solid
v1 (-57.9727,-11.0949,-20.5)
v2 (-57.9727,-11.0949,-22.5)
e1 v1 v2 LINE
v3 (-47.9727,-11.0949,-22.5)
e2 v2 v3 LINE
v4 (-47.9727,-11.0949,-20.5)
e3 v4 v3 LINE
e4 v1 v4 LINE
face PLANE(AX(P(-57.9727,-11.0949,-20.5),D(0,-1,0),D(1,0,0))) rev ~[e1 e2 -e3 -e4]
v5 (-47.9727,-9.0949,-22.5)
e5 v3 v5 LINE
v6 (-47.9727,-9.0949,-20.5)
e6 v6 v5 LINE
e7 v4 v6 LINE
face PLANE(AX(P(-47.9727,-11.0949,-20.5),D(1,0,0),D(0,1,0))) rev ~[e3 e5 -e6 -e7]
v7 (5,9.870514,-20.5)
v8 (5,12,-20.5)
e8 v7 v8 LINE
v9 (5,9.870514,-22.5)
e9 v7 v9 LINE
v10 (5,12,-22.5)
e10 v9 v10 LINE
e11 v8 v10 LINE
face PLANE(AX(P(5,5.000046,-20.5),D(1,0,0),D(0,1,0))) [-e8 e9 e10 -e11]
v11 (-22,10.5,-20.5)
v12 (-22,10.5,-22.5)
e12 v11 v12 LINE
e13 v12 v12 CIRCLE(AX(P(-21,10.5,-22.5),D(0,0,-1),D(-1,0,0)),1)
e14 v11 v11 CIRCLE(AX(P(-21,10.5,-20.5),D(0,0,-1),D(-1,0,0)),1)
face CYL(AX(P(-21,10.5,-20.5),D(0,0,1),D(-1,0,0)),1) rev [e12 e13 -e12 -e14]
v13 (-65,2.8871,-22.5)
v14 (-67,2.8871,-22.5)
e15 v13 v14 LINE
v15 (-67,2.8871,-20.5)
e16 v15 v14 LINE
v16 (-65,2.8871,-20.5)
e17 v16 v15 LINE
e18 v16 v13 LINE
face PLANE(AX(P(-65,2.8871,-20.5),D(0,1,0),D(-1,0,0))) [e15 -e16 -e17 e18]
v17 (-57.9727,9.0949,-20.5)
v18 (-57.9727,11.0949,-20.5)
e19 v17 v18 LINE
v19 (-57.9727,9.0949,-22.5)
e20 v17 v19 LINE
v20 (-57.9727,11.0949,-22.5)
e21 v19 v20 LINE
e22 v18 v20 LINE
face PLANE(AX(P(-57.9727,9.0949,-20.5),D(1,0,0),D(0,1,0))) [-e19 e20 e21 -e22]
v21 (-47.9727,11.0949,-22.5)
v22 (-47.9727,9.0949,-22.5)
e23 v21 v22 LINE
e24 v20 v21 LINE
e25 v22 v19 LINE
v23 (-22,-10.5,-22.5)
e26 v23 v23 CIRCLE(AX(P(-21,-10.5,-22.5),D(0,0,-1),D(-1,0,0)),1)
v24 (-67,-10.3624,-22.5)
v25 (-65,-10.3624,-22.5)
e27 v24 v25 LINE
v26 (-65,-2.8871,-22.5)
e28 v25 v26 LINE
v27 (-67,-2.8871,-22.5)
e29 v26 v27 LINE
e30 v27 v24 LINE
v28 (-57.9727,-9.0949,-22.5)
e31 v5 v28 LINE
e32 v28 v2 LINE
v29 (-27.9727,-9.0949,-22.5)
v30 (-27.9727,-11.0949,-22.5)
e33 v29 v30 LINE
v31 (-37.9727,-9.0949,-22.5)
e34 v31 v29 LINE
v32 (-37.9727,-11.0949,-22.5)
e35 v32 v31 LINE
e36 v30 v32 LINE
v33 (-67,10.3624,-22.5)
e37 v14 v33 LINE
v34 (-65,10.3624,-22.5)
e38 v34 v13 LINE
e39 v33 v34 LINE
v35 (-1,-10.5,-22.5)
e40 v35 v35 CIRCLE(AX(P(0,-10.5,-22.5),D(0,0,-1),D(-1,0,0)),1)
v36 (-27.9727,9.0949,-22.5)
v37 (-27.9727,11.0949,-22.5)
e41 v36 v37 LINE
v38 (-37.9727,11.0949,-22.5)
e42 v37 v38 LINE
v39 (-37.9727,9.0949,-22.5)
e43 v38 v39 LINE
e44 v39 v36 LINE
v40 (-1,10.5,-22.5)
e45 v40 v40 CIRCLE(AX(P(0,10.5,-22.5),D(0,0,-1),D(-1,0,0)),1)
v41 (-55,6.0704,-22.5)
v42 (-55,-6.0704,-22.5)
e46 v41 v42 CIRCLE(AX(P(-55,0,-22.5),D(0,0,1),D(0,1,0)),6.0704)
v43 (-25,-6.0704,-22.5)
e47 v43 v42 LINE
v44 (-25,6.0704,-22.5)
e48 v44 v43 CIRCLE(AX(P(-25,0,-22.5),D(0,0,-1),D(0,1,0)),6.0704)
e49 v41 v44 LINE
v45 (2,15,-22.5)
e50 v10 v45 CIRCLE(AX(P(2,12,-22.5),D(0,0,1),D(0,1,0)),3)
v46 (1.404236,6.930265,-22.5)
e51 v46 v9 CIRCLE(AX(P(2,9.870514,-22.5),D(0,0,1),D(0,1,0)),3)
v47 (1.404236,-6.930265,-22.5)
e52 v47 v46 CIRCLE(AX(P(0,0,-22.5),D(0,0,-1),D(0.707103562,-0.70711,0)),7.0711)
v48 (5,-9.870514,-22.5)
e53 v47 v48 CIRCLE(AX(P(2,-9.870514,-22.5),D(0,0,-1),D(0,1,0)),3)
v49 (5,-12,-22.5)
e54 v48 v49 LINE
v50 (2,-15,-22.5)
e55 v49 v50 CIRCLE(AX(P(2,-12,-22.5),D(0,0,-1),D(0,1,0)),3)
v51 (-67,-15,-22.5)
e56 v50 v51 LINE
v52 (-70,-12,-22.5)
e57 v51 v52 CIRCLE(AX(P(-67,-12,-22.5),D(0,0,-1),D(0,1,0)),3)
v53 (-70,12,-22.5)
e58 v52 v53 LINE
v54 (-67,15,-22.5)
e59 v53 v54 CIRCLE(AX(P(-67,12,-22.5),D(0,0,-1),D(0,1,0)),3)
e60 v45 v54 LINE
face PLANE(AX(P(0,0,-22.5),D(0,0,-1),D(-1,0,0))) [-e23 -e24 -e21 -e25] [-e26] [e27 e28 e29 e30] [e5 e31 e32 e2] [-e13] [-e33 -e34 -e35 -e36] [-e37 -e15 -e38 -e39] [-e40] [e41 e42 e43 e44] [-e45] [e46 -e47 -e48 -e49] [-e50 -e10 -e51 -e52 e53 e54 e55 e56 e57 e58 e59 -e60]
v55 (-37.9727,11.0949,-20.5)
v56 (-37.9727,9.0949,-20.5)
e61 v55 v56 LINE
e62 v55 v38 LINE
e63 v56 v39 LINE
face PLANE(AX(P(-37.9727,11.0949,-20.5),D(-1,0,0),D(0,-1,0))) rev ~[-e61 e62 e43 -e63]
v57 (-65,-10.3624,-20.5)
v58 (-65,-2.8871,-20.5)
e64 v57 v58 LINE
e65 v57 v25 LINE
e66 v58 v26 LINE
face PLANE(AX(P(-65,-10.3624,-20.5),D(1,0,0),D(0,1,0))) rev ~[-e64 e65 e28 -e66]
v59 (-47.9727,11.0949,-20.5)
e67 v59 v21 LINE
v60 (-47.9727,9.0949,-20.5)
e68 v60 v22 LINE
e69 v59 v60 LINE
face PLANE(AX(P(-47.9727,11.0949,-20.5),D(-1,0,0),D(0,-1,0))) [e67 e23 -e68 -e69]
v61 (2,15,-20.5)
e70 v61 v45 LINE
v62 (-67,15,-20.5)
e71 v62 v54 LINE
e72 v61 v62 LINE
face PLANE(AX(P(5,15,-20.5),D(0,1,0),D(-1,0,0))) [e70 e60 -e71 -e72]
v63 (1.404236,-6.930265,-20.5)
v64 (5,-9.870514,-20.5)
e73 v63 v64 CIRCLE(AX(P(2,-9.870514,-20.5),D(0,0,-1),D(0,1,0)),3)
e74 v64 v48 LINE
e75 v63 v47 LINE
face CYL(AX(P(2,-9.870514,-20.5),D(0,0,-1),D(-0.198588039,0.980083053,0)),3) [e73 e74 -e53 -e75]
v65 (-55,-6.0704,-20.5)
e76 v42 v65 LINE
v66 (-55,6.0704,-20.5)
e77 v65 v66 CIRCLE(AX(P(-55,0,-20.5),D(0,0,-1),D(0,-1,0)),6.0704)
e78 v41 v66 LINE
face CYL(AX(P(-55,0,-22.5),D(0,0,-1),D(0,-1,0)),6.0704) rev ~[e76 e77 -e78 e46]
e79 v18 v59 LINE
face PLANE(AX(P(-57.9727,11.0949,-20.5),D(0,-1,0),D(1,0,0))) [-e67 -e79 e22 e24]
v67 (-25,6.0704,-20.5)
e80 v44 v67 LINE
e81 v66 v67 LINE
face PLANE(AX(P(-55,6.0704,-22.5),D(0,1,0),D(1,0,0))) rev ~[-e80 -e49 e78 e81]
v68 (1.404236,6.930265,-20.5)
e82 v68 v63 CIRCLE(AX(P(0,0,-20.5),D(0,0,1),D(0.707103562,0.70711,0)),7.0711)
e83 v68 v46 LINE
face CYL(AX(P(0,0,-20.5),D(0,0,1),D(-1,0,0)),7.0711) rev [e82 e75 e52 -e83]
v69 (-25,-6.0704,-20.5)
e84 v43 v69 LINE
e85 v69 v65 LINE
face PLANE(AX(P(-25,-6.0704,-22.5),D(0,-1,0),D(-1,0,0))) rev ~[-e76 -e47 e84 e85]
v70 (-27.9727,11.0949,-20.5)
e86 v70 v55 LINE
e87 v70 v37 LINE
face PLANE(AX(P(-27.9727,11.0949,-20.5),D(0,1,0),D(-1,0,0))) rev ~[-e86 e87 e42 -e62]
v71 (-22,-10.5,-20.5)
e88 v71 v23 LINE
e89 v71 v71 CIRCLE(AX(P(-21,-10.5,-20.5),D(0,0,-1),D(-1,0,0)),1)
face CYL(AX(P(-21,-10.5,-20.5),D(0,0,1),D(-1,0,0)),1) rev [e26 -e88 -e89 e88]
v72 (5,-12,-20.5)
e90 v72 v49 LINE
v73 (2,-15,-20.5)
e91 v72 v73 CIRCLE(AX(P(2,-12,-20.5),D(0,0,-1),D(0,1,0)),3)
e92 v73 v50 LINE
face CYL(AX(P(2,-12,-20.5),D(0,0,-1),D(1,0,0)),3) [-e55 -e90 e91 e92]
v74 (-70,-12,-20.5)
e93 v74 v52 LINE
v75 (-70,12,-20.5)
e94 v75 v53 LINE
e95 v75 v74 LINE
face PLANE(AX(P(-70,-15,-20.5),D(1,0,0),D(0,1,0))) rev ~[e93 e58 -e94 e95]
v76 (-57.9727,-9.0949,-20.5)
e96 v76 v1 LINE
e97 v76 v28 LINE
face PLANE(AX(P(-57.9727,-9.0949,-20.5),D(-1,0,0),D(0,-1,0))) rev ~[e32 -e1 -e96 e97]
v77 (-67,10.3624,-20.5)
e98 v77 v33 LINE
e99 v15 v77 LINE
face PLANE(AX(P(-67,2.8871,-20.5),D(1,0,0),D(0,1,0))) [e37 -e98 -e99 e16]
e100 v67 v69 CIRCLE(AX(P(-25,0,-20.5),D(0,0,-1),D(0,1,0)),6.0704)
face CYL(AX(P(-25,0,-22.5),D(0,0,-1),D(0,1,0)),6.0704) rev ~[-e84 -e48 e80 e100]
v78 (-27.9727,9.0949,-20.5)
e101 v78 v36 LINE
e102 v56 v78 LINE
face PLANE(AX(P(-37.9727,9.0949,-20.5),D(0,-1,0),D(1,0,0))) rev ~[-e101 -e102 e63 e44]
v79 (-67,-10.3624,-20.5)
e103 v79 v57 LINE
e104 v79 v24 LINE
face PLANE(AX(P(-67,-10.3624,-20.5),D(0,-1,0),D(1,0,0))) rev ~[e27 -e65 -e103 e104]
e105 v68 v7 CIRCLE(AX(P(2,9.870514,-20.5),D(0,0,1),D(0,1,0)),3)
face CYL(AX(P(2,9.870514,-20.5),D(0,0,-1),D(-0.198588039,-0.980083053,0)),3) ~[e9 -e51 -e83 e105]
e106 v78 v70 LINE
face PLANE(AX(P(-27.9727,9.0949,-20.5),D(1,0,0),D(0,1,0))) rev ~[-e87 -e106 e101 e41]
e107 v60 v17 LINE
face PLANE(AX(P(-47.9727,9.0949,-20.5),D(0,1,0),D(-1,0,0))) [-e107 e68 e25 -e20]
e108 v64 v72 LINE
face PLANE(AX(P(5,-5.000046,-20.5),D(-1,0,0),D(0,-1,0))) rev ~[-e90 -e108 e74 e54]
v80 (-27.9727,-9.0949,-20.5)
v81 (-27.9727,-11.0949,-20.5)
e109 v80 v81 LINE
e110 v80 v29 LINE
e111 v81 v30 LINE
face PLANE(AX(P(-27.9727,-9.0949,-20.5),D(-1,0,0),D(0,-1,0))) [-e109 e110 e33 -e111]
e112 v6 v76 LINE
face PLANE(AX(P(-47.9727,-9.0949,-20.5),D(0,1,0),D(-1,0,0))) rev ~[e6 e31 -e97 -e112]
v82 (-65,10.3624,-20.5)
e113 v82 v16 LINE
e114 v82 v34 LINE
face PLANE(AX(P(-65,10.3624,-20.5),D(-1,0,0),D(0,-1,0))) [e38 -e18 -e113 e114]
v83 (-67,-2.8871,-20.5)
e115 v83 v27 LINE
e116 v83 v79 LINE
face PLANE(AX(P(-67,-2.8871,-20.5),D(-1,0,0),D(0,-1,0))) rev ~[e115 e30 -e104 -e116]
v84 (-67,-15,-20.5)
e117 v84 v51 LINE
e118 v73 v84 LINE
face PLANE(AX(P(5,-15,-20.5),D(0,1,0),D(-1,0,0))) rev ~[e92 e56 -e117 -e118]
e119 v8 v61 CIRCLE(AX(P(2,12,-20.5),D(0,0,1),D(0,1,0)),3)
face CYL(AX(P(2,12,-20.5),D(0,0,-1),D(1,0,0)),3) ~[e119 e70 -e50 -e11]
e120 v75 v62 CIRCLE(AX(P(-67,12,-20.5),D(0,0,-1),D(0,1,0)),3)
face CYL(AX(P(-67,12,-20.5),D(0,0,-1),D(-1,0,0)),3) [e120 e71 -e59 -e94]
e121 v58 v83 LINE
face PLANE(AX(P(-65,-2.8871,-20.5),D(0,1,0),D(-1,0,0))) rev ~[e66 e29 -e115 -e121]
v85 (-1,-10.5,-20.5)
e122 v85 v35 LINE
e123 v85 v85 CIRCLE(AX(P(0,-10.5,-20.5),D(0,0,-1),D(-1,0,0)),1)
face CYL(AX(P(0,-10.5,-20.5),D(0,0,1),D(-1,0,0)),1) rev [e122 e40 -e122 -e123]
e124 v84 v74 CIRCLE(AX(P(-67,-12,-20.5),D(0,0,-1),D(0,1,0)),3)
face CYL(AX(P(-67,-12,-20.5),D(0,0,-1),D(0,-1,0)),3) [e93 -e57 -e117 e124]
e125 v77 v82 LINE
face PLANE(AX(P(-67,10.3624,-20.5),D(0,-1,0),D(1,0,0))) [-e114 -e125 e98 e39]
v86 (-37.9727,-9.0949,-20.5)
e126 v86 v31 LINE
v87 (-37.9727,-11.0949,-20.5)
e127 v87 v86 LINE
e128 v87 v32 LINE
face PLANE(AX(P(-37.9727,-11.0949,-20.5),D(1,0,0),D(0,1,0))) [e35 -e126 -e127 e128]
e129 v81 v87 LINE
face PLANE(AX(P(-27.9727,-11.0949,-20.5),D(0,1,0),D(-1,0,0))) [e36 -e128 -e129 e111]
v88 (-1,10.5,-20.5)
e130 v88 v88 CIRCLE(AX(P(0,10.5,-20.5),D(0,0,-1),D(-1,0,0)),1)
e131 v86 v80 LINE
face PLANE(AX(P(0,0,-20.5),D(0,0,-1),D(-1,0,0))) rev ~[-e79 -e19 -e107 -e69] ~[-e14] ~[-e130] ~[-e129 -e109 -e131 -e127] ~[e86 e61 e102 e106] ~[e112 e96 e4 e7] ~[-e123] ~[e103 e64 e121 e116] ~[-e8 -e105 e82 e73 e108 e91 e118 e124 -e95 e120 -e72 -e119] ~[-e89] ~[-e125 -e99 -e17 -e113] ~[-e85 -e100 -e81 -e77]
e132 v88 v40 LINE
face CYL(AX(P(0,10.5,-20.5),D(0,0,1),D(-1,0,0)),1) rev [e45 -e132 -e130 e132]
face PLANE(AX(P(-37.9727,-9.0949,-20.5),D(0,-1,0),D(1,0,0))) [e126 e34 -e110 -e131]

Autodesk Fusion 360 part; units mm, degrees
sketch "Sketch1" plane through (0, 0, -20.5) normal (0, 0, -1) x (-1, 0, 0)
  line L0 (-5, 0) -> (-5, -15)
  line L1 (-5, -15) -> (70, -15)
  line L2 (70, -15) -> (70, 0)
  circle A0 centre (0, -10.5) radius 1
  circle A1 centre (21, -10.5) radius 1
  circle A2 centre (0, 0) radius 7.0711
  line L3 (67, -10.3624) -> (65, -10.3624)
  line L4 (65, -10.3624) -> (65, -2.8871)
  line L5 (65, -2.8871) -> (67, -2.8871)
  line L6 (67, -2.8871) -> (67, -10.3624)
  line L7 (100, 0) -> (42, 0) construction
  line L8 (-5, 15) -> (70, 15)
  line L9 (70, 15) -> (70, 0)
  line L10 (67, 10.3624) -> (65, 10.3624)
  line L11 (67, 2.8871) -> (67, 10.3624)
  line L12 (65, 10.3624) -> (65, 2.8871)
  line L13 (65, 2.8871) -> (67, 2.8871)
  circle A3 centre (21, 10.5) radius 1
  circle A4 centre (0, 10.5) radius 1
  line L14 (-5, 0) -> (-5, 15)
  line L15 (27.9727, 11.0949) -> (37.9727, 11.0949)
  line L16 (37.9727, 11.0949) -> (37.9727, 9.0949)
  line L17 (37.9727, 9.0949) -> (27.9727, 9.0949)
  line L18 (27.9727, 9.0949) -> (27.9727, 11.0949)
  line L19 (42.9727, 11.2127) -> (42.9727, -12.2873) construction
  line L20 (42.9727, -11.2127) -> (42.9727, 12.2873) construction
  line L21 (37.9727, -11.0949) -> (37.9727, -9.0949)
  line L22 (37.9727, -9.0949) -> (27.9727, -9.0949)
  line L23 (27.9727, -9.0949) -> (27.9727, -11.0949)
  line L24 (27.9727, -11.0949) -> (37.9727, -11.0949)
  line L25 (57.9727, 11.0949) -> (47.9727, 11.0949)
  line L26 (47.9727, 11.0949) -> (47.9727, 9.0949)
  line L27 (47.9727, 9.0949) -> (57.9727, 9.0949)
  line L28 (57.9727, 9.0949) -> (57.9727, 11.0949)
  line L29 (47.9727, -11.0949) -> (47.9727, -9.0949)
  line L30 (57.9727, -9.0949) -> (57.9727, -11.0949)
  line L31 (47.9727, -9.0949) -> (57.9727, -9.0949)
  line L32 (57.9727, -11.0949) -> (47.9727, -11.0949)
  dimension "d1" = 75
  dimension "d3" = 2
  dimension "d4" = 3
  dimension "d77" = 0
  dimension "d78" = 0
  dimension "d79" = 0
  dimension "d80" = 0
  dimension "d93" = 10
  dimension "d94" = 2
  dimension "d95" = 10
extrude "Extrude1" add sketch "Sketch1" along normal blind 2 contours L0 L1 L2 A2 L8 L9 L14
sketch "Sketch2" plane through (0, 0, -22.5) normal (0, 0, -1) x (-1, 0, 0)
  line L0 (25, -6.0704) -> (55, -6.0704)
  arc A0 (55, -6.0704) -> (55, 6.0704) centre (55, 0) ccw
  line L1 (55, 6.0704) -> (25, 6.0704)
  arc A1 (25, 6.0704) -> (25, -6.0704) centre (25, 0) ccw
  line L2 (25, 0) -> (55, 0) construction
  line L3 (100, 0) -> (42, 0)
extrude "Extrude2" cut sketch "Sketch2" against normal blind 2
fillet "Fillet1" radius 3 6 edges at (5, 15, -21.5) (5, 5, -21.5) (5, -5, -21.5) (5, -15, -21.5) (-70, 15, -21.5) (-70, -15, -21.5)
sketch "Sketch3" plane through (0, 0, -20.5) normal (0, 0, 1) x (1, 0, 0)
sketch "projection" plane through (0, 0, -20.5) normal (0, 0, 1) x (1, 0, 0)
  line L0 (-25, -6.0704) -> (-55, -6.0704)
  arc A0 (-55, 6.0704) -> (-55, -6.0704) centre (-55, 0) ccw
  line L1 (-55, 6.0704) -> (-25, 6.0704)
  arc A1 (-25, -6.0704) -> (-25, 6.0704) centre (-25, 0) ccw
  circle A2 centre (-21, 10.5) radius 1
  line L2 (-57.9727, -11.0949) -> (-57.9727, -9.0949)
  line L3 (-57.9727, -9.0949) -> (-47.9727, -9.0949)
  line L4 (-47.9727, -9.0949) -> (-47.9727, -11.0949)
  line L5 (-47.9727, -11.0949) -> (-57.9727, -11.0949)
  circle A3 centre (0, 10.5) radius 1
  line L6 (-65, 2.8871) -> (-67, 2.8871)
  line L7 (-67, 2.8871) -> (-67, 10.3624)
  line L8 (-67, 10.3624) -> (-65, 10.3624)
  line L9 (-65, 10.3624) -> (-65, 2.8871)
  line L10 (-27.9727, -11.0949) -> (-37.9727, -11.0949)
  line L11 (-37.9727, -11.0949) -> (-37.9727, -9.0949)
  line L12 (-37.9727, -9.0949) -> (-27.9727, -9.0949)
  line L13 (-27.9727, -9.0949) -> (-27.9727, -11.0949)
  circle A4 centre (0, -10.5) radius 1
  line L14 (-57.9727, 9.0949) -> (-57.9727, 11.0949)
  line L15 (-57.9727, 11.0949) -> (-47.9727, 11.0949)
  line L16 (-47.9727, 11.0949) -> (-47.9727, 9.0949)
  line L17 (-47.9727, 9.0949) -> (-57.9727, 9.0949)
  circle A5 centre (-21, -10.5) radius 1
  line L18 (-67, -2.8871) -> (-65, -2.8871)
  line L19 (-65, -2.8871) -> (-65, -10.3624)
  line L20 (-65, -10.3624) -> (-67, -10.3624)
  line L21 (-67, -10.3624) -> (-67, -2.8871)
  line L22 (-27.9727, 9.0949) -> (-37.9727, 9.0949)
  line L23 (-37.9727, 9.0949) -> (-37.9727, 11.0949)
  line L24 (-37.9727, 11.0949) -> (-27.9727, 11.0949)
  line L25 (-27.9727, 11.0949) -> (-27.9727, 9.0949)
  arc A6 (-70, -12) -> (-67, -15) centre (-67, -12) ccw
  line L26 (-67, -15) -> (2, -15)
  arc A7 (2, -15) -> (5, -12) centre (2, -12) ccw
  line L27 (5, -12) -> (5, -9.8705)
  arc A8 (5, -9.8705) -> (1.4042, -6.9302) centre (2, -9.8705) ccw
  arc A9 (1.4042, 6.9302) -> (1.4042, -6.9302) centre (0, 0) ccw
  arc A10 (1.4042, 6.9302) -> (5, 9.8705) centre (2, 9.8705) ccw
  line L28 (5, 9.8705) -> (5, 12)
  arc A11 (5, 12) -> (2, 15) centre (2, 12) ccw
  line L29 (2, 15) -> (-67, 15)
  arc A12 (-67, 15) -> (-70, 12) centre (-67, 12) ccw
  line L30 (-70, 12) -> (-70, -12)
equation "thiccness = 2 mm"
equation "d3 = thiccness"
equation "d11 = thiccness"
equation "d94 = thiccness"
equation "d96 = -thiccness"
